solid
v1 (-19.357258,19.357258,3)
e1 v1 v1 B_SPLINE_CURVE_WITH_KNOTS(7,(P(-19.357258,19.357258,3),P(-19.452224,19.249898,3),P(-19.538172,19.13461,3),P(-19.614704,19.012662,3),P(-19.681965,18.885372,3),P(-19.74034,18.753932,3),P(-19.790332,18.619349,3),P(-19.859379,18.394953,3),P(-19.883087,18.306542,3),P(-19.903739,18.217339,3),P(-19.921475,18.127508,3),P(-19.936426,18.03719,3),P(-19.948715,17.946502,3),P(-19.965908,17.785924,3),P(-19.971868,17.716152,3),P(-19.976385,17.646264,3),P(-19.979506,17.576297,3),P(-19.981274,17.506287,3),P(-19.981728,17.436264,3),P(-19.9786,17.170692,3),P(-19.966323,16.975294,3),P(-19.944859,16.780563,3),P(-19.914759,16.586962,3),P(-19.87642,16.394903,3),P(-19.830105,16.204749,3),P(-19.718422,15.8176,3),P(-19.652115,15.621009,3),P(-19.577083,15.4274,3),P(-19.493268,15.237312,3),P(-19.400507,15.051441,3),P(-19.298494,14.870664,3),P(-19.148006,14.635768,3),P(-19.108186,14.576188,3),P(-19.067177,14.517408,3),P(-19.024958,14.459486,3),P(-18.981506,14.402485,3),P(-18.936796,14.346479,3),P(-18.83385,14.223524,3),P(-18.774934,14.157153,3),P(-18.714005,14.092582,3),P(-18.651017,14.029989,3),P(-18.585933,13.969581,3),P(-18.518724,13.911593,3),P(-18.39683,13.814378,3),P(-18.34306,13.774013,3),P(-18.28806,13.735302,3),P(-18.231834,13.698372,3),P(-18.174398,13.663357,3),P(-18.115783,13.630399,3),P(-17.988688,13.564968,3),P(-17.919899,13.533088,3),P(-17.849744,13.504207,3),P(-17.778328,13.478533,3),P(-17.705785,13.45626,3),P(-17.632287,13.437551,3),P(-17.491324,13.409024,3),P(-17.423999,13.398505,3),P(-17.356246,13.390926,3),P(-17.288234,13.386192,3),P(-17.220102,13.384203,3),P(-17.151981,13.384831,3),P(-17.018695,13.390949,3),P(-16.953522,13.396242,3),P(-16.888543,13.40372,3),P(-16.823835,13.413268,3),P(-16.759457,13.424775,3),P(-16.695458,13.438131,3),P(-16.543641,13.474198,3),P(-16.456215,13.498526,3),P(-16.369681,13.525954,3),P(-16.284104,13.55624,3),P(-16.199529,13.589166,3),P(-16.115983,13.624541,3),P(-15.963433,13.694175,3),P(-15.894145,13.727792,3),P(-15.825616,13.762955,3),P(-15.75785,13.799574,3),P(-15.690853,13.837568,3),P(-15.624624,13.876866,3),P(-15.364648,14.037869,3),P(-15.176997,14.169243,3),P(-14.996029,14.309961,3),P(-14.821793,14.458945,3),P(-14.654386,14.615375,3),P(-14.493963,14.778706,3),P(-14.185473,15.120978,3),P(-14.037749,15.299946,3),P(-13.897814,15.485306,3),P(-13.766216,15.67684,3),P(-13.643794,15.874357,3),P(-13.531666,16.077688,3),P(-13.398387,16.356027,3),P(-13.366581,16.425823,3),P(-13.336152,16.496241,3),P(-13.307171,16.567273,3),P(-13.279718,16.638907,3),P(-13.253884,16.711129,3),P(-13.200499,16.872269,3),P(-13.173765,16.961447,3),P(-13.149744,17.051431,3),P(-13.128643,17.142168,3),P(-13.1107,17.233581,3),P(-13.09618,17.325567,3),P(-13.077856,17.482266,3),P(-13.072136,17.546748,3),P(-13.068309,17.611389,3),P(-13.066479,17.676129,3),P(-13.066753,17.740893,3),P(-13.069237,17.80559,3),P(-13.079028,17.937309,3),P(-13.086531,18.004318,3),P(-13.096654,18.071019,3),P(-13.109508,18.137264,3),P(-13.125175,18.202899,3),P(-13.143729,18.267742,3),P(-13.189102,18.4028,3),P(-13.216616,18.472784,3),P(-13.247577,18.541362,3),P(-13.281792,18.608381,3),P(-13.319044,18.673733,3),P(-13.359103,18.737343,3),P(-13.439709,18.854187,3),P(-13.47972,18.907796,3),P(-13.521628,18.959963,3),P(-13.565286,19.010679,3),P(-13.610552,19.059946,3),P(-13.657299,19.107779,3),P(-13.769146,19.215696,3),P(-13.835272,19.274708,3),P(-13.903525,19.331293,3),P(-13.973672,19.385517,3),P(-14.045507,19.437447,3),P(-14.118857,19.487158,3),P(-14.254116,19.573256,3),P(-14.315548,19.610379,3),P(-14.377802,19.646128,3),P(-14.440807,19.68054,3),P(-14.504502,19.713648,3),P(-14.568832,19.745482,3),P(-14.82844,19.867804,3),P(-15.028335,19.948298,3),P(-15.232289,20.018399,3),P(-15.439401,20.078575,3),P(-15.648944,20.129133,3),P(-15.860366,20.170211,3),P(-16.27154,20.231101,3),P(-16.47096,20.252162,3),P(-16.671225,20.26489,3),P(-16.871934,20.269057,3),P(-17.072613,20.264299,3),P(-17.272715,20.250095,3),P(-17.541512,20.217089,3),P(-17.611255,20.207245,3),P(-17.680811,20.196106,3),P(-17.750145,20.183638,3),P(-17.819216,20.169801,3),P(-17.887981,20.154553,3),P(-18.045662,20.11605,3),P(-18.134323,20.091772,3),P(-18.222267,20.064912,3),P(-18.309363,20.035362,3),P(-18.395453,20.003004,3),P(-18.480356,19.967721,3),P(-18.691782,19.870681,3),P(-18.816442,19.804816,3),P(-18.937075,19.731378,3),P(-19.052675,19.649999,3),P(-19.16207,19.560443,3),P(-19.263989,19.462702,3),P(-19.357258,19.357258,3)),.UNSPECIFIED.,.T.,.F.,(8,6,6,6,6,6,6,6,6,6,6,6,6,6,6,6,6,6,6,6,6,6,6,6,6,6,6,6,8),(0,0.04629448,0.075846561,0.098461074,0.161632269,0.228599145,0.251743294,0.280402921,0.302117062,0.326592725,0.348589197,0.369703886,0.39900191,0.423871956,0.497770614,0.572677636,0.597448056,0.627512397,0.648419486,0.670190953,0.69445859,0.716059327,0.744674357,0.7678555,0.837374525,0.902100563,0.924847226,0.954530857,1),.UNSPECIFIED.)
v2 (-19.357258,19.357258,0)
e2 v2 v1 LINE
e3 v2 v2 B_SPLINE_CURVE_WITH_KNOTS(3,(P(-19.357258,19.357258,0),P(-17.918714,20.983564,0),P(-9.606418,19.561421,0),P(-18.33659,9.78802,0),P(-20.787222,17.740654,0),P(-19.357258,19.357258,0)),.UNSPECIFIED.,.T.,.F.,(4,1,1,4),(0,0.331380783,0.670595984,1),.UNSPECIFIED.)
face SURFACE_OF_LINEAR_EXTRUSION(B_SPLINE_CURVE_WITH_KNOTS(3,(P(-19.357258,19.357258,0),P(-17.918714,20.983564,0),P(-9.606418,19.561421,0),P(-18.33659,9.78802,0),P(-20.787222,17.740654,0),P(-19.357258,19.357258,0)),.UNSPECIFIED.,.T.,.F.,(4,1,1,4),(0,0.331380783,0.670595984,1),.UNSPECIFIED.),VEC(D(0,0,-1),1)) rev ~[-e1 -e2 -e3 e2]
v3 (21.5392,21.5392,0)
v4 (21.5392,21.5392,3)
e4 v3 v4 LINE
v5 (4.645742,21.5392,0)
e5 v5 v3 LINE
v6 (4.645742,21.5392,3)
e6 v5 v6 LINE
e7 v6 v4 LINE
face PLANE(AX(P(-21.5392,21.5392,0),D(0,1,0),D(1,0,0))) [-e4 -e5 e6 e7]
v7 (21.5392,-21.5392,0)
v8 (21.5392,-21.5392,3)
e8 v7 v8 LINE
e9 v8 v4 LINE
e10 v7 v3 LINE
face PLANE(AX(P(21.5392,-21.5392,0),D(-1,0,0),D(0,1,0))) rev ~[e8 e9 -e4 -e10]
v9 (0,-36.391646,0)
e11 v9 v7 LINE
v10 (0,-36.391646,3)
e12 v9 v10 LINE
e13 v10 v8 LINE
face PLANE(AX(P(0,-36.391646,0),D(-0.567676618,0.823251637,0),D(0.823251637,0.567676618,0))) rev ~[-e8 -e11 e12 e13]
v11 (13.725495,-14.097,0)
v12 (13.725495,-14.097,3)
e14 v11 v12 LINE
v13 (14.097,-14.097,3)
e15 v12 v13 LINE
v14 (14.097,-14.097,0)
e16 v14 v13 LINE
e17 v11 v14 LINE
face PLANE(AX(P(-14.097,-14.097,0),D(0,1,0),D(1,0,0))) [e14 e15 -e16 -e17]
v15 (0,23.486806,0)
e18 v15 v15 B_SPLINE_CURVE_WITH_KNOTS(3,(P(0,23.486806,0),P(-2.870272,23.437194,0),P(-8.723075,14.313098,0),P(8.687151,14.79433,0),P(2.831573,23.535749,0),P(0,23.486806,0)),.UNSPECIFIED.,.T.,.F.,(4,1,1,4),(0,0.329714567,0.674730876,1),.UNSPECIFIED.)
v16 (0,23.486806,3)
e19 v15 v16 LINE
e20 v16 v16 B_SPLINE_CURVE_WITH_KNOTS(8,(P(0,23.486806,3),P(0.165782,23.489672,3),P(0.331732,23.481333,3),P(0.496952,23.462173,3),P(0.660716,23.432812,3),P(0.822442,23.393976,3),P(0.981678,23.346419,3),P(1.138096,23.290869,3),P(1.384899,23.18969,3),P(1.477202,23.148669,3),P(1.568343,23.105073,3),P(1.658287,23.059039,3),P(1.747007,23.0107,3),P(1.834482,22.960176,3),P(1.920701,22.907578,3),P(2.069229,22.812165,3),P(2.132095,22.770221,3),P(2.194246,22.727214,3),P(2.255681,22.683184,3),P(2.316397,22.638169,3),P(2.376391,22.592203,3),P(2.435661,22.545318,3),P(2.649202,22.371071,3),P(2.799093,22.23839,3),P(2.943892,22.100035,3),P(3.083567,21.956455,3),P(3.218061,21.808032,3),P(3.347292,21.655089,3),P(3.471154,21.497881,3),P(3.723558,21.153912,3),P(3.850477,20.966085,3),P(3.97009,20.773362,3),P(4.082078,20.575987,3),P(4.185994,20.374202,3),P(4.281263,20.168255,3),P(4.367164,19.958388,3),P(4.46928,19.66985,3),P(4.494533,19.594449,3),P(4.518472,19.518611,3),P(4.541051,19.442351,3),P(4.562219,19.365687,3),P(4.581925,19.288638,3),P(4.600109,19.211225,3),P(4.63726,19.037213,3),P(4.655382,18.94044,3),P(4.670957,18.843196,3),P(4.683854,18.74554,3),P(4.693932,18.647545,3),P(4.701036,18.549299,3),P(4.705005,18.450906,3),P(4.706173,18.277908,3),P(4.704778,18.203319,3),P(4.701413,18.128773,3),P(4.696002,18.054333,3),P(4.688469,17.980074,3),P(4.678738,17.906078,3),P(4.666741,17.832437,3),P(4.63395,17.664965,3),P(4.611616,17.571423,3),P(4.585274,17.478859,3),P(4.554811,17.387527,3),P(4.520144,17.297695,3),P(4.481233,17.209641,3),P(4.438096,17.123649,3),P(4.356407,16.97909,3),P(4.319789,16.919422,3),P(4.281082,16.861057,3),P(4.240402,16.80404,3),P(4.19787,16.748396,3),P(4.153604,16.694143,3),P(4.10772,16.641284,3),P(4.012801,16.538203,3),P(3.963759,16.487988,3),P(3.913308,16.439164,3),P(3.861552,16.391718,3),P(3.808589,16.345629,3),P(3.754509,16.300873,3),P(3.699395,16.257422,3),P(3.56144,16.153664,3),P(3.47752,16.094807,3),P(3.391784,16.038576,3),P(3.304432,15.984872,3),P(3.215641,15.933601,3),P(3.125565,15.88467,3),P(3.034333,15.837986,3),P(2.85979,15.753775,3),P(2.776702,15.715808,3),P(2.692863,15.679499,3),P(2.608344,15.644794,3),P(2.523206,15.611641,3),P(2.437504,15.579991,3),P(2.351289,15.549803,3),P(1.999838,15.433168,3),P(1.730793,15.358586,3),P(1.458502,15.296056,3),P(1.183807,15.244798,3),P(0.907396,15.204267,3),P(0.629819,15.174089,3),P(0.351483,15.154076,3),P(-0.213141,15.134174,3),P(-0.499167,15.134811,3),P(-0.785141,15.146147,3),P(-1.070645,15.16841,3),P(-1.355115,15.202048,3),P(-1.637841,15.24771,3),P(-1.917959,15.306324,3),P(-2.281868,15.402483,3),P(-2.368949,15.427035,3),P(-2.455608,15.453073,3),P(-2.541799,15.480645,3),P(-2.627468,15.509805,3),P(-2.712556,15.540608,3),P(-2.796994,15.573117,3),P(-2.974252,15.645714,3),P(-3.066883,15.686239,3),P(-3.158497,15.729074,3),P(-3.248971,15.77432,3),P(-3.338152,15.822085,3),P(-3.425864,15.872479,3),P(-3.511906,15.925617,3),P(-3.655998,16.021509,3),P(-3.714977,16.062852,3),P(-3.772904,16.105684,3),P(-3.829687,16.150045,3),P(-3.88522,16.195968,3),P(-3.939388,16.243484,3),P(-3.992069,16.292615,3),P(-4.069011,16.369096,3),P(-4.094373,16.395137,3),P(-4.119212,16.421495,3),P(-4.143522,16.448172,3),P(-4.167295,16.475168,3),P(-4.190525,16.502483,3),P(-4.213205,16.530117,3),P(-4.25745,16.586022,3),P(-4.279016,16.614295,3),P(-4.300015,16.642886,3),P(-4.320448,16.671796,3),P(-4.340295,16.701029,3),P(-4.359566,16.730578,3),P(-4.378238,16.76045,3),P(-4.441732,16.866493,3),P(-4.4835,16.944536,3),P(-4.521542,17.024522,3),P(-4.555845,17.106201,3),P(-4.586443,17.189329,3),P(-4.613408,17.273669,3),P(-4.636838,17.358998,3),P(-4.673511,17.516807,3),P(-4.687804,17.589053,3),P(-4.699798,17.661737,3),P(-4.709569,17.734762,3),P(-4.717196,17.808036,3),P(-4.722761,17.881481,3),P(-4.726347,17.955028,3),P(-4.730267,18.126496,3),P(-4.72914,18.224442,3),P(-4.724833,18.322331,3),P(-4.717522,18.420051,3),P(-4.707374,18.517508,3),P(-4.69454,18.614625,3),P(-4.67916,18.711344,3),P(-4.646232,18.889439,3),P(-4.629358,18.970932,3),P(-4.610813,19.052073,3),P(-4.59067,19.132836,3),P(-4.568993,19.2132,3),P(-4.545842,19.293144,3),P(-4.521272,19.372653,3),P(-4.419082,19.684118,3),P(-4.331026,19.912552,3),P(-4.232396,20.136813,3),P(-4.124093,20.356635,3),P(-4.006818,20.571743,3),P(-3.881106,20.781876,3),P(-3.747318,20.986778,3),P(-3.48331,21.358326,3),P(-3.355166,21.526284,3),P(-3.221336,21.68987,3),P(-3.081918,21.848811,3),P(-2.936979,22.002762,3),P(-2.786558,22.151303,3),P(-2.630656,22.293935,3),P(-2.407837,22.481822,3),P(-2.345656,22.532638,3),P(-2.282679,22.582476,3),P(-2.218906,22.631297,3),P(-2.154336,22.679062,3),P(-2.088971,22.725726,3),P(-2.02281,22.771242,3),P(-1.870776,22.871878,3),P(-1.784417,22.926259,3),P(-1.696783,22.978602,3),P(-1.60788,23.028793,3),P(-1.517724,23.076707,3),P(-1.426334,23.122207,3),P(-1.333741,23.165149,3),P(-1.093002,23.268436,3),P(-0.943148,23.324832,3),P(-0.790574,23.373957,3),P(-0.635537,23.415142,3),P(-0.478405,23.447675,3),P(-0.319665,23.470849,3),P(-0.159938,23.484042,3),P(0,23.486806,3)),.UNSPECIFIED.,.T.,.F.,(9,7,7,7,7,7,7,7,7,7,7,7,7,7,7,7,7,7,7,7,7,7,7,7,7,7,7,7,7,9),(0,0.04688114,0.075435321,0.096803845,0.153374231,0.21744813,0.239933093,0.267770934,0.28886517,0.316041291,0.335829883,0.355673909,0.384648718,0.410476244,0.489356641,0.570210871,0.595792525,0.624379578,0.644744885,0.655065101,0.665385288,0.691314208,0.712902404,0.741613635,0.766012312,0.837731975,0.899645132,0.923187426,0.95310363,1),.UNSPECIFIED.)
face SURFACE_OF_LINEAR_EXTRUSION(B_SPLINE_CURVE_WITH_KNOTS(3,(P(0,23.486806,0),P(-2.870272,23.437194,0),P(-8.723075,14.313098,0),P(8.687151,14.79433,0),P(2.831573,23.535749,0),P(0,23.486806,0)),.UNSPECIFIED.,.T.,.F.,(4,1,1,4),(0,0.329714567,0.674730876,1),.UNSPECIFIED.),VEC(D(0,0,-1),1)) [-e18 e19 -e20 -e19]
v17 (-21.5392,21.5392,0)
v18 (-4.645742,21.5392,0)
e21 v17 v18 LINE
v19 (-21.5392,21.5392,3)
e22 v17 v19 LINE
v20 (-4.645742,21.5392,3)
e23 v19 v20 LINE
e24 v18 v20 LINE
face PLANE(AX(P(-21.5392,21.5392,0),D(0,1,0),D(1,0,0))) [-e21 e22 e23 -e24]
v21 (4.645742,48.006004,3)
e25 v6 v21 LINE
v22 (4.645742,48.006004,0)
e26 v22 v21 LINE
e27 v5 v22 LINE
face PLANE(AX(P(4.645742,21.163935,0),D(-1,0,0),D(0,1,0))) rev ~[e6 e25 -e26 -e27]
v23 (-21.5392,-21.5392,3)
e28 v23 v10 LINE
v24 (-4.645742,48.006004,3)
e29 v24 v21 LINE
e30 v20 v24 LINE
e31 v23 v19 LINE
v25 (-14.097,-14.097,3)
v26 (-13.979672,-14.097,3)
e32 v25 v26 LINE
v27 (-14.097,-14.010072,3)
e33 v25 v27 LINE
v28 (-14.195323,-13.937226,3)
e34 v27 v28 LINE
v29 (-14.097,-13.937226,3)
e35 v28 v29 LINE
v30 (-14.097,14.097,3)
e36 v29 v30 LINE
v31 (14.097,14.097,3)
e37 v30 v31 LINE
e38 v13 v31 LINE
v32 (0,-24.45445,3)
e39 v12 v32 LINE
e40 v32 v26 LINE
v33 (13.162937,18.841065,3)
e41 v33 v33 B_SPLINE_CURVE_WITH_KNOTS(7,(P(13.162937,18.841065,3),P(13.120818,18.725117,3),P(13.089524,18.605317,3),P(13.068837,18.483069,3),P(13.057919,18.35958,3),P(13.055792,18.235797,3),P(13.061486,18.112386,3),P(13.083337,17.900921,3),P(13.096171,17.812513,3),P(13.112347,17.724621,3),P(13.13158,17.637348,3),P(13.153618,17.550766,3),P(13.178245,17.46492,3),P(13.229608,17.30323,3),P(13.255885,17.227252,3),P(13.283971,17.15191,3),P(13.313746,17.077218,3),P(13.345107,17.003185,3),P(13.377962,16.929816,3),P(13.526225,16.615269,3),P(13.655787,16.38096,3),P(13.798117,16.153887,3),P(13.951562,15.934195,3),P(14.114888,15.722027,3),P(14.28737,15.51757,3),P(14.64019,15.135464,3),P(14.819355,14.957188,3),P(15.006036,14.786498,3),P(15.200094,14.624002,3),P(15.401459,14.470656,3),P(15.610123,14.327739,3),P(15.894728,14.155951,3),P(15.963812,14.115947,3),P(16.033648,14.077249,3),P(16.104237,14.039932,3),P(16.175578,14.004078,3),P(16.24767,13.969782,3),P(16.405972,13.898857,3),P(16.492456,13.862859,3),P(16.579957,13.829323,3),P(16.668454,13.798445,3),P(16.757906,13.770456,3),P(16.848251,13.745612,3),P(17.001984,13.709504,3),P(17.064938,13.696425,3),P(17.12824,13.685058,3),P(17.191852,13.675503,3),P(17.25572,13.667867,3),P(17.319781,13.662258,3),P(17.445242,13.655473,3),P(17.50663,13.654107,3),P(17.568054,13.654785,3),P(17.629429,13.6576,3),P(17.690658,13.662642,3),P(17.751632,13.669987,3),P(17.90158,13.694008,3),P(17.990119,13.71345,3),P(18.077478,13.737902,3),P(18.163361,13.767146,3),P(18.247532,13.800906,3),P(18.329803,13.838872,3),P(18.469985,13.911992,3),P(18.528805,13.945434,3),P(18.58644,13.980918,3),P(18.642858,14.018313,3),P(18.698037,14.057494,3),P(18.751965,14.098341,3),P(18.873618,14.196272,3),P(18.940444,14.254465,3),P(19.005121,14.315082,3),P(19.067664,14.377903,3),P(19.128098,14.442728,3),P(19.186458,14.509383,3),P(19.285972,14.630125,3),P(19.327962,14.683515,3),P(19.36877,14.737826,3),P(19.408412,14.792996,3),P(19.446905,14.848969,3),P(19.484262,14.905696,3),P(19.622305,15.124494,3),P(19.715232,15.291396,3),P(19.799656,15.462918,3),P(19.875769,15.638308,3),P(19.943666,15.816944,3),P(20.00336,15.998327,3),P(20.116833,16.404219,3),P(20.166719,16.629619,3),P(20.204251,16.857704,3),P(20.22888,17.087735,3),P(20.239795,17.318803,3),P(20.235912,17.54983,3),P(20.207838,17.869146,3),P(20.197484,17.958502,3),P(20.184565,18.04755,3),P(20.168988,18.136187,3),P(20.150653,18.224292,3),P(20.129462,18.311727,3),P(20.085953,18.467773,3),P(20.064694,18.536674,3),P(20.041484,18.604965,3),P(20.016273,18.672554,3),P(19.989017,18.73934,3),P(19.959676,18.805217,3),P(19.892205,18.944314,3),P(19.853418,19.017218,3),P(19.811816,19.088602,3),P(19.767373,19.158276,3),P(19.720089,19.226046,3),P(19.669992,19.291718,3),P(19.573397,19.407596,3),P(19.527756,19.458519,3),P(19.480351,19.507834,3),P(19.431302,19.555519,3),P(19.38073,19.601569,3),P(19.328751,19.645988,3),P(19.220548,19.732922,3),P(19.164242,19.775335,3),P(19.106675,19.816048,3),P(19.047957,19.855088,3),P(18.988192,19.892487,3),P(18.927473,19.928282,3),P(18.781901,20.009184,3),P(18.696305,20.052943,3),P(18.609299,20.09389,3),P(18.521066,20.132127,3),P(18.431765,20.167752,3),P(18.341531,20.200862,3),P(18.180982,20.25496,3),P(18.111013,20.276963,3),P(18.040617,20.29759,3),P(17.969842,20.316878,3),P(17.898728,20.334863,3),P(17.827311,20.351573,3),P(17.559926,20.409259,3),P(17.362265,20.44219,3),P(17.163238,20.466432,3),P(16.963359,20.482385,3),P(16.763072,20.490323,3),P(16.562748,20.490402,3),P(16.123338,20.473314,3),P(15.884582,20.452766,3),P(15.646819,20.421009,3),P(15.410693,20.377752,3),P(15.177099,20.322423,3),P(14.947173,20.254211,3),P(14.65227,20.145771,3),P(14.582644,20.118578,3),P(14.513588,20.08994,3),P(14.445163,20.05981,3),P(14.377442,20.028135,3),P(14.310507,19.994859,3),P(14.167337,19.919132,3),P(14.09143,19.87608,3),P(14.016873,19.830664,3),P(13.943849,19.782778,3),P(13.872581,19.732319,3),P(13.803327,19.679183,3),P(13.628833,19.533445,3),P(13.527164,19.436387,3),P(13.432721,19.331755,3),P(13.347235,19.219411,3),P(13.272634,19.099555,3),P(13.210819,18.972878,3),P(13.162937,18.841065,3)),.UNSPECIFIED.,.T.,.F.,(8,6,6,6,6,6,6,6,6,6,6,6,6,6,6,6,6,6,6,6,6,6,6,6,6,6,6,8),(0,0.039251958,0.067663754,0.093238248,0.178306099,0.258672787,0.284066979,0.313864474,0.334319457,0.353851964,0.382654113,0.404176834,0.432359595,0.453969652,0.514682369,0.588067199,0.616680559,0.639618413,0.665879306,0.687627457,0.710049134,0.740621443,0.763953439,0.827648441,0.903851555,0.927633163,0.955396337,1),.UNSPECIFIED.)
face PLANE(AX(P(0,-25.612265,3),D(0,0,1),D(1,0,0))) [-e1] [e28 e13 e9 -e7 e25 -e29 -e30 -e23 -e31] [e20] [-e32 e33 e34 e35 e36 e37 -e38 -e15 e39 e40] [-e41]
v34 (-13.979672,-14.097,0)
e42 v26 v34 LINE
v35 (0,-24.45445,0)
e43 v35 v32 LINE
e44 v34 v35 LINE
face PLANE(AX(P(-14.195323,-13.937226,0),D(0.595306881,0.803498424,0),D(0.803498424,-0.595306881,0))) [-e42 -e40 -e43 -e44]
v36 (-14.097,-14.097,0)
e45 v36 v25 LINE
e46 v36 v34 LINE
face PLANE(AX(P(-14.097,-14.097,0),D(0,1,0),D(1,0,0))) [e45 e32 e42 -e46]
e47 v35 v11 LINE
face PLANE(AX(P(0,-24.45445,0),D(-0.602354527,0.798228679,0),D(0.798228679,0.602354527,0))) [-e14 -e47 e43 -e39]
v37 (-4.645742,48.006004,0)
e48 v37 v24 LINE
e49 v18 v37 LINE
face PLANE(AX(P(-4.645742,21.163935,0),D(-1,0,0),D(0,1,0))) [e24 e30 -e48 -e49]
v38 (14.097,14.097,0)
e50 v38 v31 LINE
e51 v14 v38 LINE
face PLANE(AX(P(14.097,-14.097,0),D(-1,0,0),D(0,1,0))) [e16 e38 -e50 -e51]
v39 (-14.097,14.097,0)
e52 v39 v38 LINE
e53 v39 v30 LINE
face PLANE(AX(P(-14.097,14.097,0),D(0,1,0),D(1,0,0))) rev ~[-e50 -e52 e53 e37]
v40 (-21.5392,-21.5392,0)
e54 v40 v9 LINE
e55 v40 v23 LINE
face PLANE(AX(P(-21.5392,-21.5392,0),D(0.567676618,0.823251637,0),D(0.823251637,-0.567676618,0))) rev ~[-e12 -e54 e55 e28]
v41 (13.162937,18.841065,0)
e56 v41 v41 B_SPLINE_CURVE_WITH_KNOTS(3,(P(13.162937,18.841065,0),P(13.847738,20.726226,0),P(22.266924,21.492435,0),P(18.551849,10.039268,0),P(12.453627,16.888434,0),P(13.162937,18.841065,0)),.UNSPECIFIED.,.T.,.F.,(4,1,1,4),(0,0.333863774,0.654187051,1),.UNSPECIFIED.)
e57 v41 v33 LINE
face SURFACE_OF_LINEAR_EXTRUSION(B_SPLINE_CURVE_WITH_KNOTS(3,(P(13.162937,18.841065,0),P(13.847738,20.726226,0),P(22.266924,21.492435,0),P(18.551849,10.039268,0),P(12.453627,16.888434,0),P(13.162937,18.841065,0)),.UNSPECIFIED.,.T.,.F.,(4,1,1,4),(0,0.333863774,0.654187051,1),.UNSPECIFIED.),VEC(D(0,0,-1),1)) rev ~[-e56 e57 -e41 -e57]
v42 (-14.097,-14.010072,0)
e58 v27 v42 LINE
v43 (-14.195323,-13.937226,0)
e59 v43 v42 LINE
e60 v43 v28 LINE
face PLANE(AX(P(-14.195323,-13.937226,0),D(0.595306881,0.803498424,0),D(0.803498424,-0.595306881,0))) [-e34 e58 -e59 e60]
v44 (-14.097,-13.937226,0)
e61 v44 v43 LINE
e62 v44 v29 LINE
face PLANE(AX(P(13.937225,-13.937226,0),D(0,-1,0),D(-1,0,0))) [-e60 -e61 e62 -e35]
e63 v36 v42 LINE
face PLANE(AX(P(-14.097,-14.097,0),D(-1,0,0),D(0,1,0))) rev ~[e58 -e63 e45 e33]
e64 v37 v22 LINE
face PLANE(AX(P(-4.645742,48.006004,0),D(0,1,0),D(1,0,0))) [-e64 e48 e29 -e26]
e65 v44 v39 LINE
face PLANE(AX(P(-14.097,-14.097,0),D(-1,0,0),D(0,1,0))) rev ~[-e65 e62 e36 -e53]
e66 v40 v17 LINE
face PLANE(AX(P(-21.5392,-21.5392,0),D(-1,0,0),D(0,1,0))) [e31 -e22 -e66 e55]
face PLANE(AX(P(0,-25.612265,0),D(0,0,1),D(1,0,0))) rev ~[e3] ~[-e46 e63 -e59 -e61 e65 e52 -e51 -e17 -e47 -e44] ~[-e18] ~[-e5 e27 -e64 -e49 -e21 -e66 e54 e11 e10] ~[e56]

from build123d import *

# Parameters (mm, degrees)
F0_W     = 43.0784
F0_H     = 43.0784
F0_W_2   = 28.194
F0_H_2   = 28.194
F1_DEPTH = 3
F2_DEPTH = 3
F3_W     = 9.291484952
F3_H     = 26.8420688808
F4_DEPTH = 3
F6_DEPTH = 22.352
F8_DEPTH = 37.592


with BuildPart() as f1:
    # F0 (on Top) → F1 (new body)
    with BuildSketch(Plane.XY):
        Rectangle(F0_W, F0_H)
        Rectangle(F0_W_2, F0_H_2, mode=Mode.SUBTRACT)
    extrude(amount=F1_DEPTH)

    # F0 (on Top) → F2 (join)
    with BuildSketch(Plane.XY):
        Polygon((0, -36.3916456699), (21.5392, -21.5392), (-21.5392, -21.5392), align=None)
    extrude(amount=F2_DEPTH)

    # F3 (on Top) → F4 (join)
    with BuildSketch(Plane.XY):
        with Locations((0, 34.5849692822)):
            Rectangle(F3_W, F3_H)
    extrude(amount=F4_DEPTH)

    # F5 (on Top) → F6 (cut)
    with BuildSketch(Plane.XY):
        Polygon((13.937224634, -13.9372255653), (-14.1953229904, -13.9372255653), (0, -24.4544502348), align=None)
    extrude(amount=F6_DEPTH, mode=Mode.SUBTRACT)

    # F7 (on Top) → F8 (cut)
    with BuildSketch(Plane.XY):
        with BuildLine():
            add(Edge.make_bspline(
                [(0, 23.4868060797), (-2.8702715447, 23.4371938797), (-8.7230750332, 14.3130976788), (8.6871508239, 14.7943300147), (2.8315725317, 23.5357493733), (0, 23.4868060797)],
                knots=[0, 0, 0, 0, 0.3297145674, 0.6747308756, 1, 1, 1, 1], degree=3))
        make_face()
        with BuildLine():
            add(Edge.make_bspline(
                [(13.1629370153, 18.8410654664), (13.847737823, 20.7262262605), (22.2669237883, 21.4924345024), (18.5518491877, 10.0392684338), (12.4536267966, 16.8884336936), (13.1629370153, 18.8410654664)],
                knots=[0, 0, 0, 0, 0.333863774, 0.6541870513, 1, 1, 1, 1], degree=3))
        make_face()
        with BuildLine():
            add(Edge.make_bspline(
                [(-19.357258454, 19.357258454), (-17.9187135648, 20.9835638848), (-9.6064176323, 19.5614210753), (-18.3365898164, 9.788019721), (-20.7872220735, 17.74065433), (-19.357258454, 19.357258454)],
                knots=[0, 0, 0, 0, 0.3313807833, 0.6705959836, 1, 1, 1, 1], degree=3))
        make_face()
    extrude(amount=F8_DEPTH, mode=Mode.SUBTRACT)


solid = f1.part
